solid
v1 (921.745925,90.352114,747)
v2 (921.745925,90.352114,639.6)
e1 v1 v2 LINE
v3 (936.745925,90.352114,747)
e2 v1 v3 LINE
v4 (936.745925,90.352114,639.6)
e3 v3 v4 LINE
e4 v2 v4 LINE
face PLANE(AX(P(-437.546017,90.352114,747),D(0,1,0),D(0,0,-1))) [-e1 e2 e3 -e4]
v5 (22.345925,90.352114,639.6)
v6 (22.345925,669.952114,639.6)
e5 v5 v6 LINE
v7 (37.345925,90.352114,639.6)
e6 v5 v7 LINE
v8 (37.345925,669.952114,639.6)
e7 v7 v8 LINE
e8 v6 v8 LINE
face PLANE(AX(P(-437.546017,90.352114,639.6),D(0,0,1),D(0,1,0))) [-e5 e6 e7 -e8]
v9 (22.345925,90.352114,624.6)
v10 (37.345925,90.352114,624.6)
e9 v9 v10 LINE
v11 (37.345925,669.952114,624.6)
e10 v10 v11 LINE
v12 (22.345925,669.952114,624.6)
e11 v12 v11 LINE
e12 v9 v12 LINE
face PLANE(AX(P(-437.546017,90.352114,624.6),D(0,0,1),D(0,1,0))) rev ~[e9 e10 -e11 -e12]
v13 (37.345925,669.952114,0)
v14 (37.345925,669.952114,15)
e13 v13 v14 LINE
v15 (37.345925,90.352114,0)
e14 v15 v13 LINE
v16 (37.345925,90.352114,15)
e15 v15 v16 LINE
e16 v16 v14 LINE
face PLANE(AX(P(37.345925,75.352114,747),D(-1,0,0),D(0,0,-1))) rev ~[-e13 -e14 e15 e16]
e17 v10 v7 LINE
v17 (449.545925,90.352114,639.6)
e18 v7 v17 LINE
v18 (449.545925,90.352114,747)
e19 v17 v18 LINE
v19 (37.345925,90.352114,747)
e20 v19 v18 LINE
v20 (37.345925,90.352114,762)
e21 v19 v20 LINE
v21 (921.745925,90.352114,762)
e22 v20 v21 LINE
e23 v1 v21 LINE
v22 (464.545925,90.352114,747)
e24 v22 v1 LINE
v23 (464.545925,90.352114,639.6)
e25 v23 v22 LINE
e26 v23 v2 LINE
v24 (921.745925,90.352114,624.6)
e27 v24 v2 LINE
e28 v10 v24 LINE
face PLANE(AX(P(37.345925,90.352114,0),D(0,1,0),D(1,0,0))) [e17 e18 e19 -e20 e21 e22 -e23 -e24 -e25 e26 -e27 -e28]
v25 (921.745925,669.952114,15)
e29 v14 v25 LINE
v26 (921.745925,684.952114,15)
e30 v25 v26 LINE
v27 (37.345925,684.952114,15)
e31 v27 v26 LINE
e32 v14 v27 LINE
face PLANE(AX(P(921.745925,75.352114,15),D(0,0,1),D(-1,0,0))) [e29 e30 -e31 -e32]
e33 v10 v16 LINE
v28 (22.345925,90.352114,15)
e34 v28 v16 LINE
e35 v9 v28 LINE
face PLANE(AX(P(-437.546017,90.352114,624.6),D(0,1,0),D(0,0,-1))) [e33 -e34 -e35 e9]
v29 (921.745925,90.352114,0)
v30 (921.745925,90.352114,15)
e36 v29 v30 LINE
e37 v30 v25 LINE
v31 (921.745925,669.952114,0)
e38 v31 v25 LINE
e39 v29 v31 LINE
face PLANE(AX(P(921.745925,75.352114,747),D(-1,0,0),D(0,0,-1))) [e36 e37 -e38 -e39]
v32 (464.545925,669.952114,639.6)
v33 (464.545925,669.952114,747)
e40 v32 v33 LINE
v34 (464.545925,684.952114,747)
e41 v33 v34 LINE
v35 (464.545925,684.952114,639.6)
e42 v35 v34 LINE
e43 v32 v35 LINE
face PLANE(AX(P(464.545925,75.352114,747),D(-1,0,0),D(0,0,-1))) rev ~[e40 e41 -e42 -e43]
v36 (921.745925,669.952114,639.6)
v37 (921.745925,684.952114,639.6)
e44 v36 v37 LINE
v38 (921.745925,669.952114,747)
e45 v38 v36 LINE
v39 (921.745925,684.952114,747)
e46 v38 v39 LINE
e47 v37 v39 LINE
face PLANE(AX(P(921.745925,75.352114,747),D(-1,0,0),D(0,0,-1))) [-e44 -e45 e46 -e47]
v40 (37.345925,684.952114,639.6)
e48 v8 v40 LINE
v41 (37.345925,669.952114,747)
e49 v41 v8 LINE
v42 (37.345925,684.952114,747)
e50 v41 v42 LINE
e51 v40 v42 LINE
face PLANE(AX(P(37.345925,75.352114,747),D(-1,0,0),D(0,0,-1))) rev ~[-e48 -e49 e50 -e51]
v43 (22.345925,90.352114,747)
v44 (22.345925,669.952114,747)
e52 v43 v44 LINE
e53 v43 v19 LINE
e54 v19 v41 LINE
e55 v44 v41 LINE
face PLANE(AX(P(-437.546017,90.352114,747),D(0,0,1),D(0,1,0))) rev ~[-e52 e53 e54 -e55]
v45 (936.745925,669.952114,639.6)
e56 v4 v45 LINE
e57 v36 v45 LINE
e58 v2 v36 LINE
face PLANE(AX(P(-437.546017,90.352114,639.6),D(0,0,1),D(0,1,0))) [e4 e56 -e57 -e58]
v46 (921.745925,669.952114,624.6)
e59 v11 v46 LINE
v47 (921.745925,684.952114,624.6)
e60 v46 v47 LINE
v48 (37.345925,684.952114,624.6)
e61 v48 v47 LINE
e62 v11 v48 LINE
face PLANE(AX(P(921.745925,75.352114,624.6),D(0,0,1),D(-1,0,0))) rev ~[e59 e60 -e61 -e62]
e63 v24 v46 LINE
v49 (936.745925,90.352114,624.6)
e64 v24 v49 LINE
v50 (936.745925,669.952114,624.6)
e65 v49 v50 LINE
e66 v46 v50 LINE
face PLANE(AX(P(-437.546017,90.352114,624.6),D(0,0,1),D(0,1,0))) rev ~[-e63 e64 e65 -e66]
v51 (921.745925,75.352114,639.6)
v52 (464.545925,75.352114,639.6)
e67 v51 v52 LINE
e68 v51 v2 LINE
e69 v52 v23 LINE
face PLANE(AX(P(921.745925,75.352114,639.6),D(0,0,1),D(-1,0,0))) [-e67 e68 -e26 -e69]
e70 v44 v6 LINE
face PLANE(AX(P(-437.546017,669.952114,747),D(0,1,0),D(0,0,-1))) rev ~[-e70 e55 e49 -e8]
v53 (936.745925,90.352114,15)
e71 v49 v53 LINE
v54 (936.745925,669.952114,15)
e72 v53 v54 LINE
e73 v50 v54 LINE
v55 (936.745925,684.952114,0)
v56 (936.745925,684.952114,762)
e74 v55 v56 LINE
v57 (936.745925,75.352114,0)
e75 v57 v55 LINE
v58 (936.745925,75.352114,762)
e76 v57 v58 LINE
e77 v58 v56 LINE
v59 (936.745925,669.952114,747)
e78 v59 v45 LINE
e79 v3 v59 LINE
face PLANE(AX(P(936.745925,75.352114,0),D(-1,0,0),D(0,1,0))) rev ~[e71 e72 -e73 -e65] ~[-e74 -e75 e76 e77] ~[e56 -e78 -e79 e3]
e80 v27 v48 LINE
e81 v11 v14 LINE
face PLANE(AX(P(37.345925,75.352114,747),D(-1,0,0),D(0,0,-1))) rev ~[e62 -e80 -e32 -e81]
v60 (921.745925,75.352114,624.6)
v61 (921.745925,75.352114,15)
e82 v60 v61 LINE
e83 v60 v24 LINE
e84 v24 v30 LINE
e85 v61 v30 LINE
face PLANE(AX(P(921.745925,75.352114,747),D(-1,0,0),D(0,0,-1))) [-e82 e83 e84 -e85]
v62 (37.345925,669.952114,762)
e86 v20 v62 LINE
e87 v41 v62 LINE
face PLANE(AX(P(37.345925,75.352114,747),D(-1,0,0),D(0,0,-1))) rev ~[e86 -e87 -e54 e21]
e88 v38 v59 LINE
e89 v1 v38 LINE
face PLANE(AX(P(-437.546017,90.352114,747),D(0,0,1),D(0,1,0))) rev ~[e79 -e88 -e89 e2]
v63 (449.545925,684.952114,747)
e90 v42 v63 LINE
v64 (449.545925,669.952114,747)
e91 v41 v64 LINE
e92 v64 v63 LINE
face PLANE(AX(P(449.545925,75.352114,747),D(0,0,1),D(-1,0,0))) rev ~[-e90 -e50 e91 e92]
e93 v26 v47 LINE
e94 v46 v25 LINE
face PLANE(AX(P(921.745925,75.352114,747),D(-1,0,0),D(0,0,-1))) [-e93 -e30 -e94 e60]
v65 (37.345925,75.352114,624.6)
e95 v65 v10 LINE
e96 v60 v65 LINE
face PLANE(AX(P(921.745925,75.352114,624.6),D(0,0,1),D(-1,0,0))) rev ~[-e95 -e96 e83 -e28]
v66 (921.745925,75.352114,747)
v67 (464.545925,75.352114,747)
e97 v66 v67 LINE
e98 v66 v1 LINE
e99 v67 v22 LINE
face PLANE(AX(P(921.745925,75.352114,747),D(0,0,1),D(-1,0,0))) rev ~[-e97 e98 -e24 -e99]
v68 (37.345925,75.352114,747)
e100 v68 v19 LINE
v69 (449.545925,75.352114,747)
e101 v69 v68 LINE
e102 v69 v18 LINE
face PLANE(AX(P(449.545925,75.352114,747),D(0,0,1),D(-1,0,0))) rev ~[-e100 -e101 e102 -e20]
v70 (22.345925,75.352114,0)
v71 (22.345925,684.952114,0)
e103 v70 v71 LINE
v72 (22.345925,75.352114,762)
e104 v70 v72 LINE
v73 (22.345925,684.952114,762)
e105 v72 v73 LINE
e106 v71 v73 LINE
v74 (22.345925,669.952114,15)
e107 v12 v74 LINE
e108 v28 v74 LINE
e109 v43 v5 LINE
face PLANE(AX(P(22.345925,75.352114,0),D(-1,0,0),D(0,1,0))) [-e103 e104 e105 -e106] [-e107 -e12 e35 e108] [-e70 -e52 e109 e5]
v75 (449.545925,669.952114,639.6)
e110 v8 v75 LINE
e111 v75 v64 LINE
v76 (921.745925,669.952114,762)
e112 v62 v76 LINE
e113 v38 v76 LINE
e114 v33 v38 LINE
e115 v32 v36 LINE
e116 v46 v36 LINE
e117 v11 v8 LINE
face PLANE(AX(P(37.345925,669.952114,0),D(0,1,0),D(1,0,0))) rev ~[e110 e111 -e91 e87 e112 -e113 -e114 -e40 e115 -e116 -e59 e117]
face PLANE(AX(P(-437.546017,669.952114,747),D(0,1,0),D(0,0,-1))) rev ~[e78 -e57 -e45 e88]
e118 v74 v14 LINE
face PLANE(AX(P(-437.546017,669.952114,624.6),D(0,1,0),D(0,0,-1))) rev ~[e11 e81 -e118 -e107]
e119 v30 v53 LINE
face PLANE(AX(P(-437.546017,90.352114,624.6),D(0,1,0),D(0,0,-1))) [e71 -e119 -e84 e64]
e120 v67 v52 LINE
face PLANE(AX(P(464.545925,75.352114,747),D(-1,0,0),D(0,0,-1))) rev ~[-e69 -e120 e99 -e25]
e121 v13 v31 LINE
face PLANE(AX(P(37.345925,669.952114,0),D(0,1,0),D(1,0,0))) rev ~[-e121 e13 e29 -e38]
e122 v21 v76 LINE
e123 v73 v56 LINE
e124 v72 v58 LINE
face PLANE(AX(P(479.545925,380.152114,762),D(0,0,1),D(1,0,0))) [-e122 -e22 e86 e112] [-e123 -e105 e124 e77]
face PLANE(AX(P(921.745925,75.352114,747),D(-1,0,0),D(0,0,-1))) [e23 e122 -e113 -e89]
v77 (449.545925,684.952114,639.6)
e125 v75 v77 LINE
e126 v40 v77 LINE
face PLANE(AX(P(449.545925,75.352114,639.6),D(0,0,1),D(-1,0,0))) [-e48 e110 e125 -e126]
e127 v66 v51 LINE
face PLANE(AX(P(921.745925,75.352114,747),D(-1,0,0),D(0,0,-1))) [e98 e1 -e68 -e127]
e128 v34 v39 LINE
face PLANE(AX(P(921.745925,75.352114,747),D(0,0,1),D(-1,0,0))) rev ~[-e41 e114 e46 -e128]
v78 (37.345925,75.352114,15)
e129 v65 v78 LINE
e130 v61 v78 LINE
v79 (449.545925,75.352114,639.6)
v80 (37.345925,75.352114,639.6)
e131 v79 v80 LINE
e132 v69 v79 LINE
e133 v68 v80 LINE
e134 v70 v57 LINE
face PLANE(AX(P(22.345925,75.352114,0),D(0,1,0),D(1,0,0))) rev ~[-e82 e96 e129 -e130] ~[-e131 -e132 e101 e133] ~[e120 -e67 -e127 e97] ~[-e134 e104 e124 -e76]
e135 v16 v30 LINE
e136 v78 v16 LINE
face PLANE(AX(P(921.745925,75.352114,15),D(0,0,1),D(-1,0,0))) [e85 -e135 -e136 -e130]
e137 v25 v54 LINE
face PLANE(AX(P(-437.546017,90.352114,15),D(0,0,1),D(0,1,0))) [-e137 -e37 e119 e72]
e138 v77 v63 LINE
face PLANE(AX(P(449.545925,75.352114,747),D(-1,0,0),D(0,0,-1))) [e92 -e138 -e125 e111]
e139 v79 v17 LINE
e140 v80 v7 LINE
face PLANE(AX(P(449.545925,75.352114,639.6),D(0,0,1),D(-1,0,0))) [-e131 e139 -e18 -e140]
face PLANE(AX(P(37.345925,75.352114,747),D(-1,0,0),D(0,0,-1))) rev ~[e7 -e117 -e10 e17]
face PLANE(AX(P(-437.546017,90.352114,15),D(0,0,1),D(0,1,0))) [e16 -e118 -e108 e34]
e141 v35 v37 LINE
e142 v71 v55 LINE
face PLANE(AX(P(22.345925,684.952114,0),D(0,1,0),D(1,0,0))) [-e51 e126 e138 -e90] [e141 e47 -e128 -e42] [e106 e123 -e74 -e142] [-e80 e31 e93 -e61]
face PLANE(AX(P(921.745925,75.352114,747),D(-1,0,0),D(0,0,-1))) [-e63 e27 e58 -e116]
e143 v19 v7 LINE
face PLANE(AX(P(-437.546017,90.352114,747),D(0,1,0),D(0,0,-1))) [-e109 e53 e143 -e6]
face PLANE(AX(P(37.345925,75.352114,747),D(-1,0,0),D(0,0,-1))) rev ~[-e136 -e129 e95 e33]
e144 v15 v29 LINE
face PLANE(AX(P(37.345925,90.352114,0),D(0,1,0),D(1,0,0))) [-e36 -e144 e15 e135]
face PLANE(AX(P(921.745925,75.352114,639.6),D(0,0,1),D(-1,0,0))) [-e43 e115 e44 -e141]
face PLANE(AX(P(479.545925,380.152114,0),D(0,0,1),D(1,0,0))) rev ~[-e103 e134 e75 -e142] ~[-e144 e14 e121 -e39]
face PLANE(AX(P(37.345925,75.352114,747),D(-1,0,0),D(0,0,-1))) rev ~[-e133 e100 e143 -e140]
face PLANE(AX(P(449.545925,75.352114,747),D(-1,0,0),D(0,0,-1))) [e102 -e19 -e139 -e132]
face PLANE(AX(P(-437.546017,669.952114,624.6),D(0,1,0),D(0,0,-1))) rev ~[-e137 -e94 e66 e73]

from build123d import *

# Parameters (mm, degrees)
SKETCH1_W               = 914.4
SKETCH1_H               = 609.6
SKETCH1_W_2             = 884.4
SKETCH1_H_2             = 579.6
BOSS_EXTRUDE2_DEPTH     = 762
SKETCH4_W               = 884.4
SKETCH4_H               = 609.6
SKETCH4_W_2             = 412.2
SKETCH4_H_2             = 107.4
SKETCH4_W_3             = 457.2
CUT_EXTRUDE3_DEPTH      = 762
CUT_EXTRUDE4_DEPTH      = 1374.291942344
CUT_EXTRUDE4_DEPTH_BACK = 1374.291942344
SKETCH5_W               = 107.4
SKETCH5_H               = 579.6
SKETCH5_W_2             = 609.6


with BuildPart() as part:
    # Sketch1 → Boss-Extrude2 (new body)
    with BuildSketch(Plane.XY):
        with Locations((479.545925455, 380.152114317)):
            Rectangle(SKETCH1_W, SKETCH1_H)
        with Locations((479.545925455, 380.152114317)):
            Rectangle(SKETCH1_W_2, SKETCH1_H_2, mode=Mode.SUBTRACT)
    extrude(amount=BOSS_EXTRUDE2_DEPTH)

    # Sketch4 → Cut-Extrude3 (cut)
    with BuildSketch(Plane(origin=(0, 75.352114317, 0), x_dir=(-1, 0, 0), z_dir=(0, -1, 0))):
        with Locations((-479.545925455, -319.8)):
            Rectangle(SKETCH4_W, SKETCH4_H)
        with Locations((-243.445925455, -693.3)):
            Rectangle(SKETCH4_W_2, SKETCH4_H_2)
        with Locations((-693.145925455, -693.3)):
            Rectangle(SKETCH4_W_3, SKETCH4_H_2)
    extrude(amount=-CUT_EXTRUDE3_DEPTH, mode=Mode.SUBTRACT)

    # Sketch5 → Cut-Extrude4 (cut, two sides: drawn at the far end of the back side and taken through both)
    with BuildSketch(Plane(origin=(936.745925455, 0, 0), x_dir=(0, 0, -1), z_dir=(1, 0, 0)).offset(-CUT_EXTRUDE4_DEPTH_BACK)):
        with Locations((-693.3, 380.152114317)):
            Rectangle(SKETCH5_W, SKETCH5_H)
        with Locations((-319.8, 380.152114317)):
            Rectangle(SKETCH5_W_2, SKETCH5_H)
    extrude(amount=CUT_EXTRUDE4_DEPTH + CUT_EXTRUDE4_DEPTH_BACK, mode=Mode.SUBTRACT)


solid = part.part
